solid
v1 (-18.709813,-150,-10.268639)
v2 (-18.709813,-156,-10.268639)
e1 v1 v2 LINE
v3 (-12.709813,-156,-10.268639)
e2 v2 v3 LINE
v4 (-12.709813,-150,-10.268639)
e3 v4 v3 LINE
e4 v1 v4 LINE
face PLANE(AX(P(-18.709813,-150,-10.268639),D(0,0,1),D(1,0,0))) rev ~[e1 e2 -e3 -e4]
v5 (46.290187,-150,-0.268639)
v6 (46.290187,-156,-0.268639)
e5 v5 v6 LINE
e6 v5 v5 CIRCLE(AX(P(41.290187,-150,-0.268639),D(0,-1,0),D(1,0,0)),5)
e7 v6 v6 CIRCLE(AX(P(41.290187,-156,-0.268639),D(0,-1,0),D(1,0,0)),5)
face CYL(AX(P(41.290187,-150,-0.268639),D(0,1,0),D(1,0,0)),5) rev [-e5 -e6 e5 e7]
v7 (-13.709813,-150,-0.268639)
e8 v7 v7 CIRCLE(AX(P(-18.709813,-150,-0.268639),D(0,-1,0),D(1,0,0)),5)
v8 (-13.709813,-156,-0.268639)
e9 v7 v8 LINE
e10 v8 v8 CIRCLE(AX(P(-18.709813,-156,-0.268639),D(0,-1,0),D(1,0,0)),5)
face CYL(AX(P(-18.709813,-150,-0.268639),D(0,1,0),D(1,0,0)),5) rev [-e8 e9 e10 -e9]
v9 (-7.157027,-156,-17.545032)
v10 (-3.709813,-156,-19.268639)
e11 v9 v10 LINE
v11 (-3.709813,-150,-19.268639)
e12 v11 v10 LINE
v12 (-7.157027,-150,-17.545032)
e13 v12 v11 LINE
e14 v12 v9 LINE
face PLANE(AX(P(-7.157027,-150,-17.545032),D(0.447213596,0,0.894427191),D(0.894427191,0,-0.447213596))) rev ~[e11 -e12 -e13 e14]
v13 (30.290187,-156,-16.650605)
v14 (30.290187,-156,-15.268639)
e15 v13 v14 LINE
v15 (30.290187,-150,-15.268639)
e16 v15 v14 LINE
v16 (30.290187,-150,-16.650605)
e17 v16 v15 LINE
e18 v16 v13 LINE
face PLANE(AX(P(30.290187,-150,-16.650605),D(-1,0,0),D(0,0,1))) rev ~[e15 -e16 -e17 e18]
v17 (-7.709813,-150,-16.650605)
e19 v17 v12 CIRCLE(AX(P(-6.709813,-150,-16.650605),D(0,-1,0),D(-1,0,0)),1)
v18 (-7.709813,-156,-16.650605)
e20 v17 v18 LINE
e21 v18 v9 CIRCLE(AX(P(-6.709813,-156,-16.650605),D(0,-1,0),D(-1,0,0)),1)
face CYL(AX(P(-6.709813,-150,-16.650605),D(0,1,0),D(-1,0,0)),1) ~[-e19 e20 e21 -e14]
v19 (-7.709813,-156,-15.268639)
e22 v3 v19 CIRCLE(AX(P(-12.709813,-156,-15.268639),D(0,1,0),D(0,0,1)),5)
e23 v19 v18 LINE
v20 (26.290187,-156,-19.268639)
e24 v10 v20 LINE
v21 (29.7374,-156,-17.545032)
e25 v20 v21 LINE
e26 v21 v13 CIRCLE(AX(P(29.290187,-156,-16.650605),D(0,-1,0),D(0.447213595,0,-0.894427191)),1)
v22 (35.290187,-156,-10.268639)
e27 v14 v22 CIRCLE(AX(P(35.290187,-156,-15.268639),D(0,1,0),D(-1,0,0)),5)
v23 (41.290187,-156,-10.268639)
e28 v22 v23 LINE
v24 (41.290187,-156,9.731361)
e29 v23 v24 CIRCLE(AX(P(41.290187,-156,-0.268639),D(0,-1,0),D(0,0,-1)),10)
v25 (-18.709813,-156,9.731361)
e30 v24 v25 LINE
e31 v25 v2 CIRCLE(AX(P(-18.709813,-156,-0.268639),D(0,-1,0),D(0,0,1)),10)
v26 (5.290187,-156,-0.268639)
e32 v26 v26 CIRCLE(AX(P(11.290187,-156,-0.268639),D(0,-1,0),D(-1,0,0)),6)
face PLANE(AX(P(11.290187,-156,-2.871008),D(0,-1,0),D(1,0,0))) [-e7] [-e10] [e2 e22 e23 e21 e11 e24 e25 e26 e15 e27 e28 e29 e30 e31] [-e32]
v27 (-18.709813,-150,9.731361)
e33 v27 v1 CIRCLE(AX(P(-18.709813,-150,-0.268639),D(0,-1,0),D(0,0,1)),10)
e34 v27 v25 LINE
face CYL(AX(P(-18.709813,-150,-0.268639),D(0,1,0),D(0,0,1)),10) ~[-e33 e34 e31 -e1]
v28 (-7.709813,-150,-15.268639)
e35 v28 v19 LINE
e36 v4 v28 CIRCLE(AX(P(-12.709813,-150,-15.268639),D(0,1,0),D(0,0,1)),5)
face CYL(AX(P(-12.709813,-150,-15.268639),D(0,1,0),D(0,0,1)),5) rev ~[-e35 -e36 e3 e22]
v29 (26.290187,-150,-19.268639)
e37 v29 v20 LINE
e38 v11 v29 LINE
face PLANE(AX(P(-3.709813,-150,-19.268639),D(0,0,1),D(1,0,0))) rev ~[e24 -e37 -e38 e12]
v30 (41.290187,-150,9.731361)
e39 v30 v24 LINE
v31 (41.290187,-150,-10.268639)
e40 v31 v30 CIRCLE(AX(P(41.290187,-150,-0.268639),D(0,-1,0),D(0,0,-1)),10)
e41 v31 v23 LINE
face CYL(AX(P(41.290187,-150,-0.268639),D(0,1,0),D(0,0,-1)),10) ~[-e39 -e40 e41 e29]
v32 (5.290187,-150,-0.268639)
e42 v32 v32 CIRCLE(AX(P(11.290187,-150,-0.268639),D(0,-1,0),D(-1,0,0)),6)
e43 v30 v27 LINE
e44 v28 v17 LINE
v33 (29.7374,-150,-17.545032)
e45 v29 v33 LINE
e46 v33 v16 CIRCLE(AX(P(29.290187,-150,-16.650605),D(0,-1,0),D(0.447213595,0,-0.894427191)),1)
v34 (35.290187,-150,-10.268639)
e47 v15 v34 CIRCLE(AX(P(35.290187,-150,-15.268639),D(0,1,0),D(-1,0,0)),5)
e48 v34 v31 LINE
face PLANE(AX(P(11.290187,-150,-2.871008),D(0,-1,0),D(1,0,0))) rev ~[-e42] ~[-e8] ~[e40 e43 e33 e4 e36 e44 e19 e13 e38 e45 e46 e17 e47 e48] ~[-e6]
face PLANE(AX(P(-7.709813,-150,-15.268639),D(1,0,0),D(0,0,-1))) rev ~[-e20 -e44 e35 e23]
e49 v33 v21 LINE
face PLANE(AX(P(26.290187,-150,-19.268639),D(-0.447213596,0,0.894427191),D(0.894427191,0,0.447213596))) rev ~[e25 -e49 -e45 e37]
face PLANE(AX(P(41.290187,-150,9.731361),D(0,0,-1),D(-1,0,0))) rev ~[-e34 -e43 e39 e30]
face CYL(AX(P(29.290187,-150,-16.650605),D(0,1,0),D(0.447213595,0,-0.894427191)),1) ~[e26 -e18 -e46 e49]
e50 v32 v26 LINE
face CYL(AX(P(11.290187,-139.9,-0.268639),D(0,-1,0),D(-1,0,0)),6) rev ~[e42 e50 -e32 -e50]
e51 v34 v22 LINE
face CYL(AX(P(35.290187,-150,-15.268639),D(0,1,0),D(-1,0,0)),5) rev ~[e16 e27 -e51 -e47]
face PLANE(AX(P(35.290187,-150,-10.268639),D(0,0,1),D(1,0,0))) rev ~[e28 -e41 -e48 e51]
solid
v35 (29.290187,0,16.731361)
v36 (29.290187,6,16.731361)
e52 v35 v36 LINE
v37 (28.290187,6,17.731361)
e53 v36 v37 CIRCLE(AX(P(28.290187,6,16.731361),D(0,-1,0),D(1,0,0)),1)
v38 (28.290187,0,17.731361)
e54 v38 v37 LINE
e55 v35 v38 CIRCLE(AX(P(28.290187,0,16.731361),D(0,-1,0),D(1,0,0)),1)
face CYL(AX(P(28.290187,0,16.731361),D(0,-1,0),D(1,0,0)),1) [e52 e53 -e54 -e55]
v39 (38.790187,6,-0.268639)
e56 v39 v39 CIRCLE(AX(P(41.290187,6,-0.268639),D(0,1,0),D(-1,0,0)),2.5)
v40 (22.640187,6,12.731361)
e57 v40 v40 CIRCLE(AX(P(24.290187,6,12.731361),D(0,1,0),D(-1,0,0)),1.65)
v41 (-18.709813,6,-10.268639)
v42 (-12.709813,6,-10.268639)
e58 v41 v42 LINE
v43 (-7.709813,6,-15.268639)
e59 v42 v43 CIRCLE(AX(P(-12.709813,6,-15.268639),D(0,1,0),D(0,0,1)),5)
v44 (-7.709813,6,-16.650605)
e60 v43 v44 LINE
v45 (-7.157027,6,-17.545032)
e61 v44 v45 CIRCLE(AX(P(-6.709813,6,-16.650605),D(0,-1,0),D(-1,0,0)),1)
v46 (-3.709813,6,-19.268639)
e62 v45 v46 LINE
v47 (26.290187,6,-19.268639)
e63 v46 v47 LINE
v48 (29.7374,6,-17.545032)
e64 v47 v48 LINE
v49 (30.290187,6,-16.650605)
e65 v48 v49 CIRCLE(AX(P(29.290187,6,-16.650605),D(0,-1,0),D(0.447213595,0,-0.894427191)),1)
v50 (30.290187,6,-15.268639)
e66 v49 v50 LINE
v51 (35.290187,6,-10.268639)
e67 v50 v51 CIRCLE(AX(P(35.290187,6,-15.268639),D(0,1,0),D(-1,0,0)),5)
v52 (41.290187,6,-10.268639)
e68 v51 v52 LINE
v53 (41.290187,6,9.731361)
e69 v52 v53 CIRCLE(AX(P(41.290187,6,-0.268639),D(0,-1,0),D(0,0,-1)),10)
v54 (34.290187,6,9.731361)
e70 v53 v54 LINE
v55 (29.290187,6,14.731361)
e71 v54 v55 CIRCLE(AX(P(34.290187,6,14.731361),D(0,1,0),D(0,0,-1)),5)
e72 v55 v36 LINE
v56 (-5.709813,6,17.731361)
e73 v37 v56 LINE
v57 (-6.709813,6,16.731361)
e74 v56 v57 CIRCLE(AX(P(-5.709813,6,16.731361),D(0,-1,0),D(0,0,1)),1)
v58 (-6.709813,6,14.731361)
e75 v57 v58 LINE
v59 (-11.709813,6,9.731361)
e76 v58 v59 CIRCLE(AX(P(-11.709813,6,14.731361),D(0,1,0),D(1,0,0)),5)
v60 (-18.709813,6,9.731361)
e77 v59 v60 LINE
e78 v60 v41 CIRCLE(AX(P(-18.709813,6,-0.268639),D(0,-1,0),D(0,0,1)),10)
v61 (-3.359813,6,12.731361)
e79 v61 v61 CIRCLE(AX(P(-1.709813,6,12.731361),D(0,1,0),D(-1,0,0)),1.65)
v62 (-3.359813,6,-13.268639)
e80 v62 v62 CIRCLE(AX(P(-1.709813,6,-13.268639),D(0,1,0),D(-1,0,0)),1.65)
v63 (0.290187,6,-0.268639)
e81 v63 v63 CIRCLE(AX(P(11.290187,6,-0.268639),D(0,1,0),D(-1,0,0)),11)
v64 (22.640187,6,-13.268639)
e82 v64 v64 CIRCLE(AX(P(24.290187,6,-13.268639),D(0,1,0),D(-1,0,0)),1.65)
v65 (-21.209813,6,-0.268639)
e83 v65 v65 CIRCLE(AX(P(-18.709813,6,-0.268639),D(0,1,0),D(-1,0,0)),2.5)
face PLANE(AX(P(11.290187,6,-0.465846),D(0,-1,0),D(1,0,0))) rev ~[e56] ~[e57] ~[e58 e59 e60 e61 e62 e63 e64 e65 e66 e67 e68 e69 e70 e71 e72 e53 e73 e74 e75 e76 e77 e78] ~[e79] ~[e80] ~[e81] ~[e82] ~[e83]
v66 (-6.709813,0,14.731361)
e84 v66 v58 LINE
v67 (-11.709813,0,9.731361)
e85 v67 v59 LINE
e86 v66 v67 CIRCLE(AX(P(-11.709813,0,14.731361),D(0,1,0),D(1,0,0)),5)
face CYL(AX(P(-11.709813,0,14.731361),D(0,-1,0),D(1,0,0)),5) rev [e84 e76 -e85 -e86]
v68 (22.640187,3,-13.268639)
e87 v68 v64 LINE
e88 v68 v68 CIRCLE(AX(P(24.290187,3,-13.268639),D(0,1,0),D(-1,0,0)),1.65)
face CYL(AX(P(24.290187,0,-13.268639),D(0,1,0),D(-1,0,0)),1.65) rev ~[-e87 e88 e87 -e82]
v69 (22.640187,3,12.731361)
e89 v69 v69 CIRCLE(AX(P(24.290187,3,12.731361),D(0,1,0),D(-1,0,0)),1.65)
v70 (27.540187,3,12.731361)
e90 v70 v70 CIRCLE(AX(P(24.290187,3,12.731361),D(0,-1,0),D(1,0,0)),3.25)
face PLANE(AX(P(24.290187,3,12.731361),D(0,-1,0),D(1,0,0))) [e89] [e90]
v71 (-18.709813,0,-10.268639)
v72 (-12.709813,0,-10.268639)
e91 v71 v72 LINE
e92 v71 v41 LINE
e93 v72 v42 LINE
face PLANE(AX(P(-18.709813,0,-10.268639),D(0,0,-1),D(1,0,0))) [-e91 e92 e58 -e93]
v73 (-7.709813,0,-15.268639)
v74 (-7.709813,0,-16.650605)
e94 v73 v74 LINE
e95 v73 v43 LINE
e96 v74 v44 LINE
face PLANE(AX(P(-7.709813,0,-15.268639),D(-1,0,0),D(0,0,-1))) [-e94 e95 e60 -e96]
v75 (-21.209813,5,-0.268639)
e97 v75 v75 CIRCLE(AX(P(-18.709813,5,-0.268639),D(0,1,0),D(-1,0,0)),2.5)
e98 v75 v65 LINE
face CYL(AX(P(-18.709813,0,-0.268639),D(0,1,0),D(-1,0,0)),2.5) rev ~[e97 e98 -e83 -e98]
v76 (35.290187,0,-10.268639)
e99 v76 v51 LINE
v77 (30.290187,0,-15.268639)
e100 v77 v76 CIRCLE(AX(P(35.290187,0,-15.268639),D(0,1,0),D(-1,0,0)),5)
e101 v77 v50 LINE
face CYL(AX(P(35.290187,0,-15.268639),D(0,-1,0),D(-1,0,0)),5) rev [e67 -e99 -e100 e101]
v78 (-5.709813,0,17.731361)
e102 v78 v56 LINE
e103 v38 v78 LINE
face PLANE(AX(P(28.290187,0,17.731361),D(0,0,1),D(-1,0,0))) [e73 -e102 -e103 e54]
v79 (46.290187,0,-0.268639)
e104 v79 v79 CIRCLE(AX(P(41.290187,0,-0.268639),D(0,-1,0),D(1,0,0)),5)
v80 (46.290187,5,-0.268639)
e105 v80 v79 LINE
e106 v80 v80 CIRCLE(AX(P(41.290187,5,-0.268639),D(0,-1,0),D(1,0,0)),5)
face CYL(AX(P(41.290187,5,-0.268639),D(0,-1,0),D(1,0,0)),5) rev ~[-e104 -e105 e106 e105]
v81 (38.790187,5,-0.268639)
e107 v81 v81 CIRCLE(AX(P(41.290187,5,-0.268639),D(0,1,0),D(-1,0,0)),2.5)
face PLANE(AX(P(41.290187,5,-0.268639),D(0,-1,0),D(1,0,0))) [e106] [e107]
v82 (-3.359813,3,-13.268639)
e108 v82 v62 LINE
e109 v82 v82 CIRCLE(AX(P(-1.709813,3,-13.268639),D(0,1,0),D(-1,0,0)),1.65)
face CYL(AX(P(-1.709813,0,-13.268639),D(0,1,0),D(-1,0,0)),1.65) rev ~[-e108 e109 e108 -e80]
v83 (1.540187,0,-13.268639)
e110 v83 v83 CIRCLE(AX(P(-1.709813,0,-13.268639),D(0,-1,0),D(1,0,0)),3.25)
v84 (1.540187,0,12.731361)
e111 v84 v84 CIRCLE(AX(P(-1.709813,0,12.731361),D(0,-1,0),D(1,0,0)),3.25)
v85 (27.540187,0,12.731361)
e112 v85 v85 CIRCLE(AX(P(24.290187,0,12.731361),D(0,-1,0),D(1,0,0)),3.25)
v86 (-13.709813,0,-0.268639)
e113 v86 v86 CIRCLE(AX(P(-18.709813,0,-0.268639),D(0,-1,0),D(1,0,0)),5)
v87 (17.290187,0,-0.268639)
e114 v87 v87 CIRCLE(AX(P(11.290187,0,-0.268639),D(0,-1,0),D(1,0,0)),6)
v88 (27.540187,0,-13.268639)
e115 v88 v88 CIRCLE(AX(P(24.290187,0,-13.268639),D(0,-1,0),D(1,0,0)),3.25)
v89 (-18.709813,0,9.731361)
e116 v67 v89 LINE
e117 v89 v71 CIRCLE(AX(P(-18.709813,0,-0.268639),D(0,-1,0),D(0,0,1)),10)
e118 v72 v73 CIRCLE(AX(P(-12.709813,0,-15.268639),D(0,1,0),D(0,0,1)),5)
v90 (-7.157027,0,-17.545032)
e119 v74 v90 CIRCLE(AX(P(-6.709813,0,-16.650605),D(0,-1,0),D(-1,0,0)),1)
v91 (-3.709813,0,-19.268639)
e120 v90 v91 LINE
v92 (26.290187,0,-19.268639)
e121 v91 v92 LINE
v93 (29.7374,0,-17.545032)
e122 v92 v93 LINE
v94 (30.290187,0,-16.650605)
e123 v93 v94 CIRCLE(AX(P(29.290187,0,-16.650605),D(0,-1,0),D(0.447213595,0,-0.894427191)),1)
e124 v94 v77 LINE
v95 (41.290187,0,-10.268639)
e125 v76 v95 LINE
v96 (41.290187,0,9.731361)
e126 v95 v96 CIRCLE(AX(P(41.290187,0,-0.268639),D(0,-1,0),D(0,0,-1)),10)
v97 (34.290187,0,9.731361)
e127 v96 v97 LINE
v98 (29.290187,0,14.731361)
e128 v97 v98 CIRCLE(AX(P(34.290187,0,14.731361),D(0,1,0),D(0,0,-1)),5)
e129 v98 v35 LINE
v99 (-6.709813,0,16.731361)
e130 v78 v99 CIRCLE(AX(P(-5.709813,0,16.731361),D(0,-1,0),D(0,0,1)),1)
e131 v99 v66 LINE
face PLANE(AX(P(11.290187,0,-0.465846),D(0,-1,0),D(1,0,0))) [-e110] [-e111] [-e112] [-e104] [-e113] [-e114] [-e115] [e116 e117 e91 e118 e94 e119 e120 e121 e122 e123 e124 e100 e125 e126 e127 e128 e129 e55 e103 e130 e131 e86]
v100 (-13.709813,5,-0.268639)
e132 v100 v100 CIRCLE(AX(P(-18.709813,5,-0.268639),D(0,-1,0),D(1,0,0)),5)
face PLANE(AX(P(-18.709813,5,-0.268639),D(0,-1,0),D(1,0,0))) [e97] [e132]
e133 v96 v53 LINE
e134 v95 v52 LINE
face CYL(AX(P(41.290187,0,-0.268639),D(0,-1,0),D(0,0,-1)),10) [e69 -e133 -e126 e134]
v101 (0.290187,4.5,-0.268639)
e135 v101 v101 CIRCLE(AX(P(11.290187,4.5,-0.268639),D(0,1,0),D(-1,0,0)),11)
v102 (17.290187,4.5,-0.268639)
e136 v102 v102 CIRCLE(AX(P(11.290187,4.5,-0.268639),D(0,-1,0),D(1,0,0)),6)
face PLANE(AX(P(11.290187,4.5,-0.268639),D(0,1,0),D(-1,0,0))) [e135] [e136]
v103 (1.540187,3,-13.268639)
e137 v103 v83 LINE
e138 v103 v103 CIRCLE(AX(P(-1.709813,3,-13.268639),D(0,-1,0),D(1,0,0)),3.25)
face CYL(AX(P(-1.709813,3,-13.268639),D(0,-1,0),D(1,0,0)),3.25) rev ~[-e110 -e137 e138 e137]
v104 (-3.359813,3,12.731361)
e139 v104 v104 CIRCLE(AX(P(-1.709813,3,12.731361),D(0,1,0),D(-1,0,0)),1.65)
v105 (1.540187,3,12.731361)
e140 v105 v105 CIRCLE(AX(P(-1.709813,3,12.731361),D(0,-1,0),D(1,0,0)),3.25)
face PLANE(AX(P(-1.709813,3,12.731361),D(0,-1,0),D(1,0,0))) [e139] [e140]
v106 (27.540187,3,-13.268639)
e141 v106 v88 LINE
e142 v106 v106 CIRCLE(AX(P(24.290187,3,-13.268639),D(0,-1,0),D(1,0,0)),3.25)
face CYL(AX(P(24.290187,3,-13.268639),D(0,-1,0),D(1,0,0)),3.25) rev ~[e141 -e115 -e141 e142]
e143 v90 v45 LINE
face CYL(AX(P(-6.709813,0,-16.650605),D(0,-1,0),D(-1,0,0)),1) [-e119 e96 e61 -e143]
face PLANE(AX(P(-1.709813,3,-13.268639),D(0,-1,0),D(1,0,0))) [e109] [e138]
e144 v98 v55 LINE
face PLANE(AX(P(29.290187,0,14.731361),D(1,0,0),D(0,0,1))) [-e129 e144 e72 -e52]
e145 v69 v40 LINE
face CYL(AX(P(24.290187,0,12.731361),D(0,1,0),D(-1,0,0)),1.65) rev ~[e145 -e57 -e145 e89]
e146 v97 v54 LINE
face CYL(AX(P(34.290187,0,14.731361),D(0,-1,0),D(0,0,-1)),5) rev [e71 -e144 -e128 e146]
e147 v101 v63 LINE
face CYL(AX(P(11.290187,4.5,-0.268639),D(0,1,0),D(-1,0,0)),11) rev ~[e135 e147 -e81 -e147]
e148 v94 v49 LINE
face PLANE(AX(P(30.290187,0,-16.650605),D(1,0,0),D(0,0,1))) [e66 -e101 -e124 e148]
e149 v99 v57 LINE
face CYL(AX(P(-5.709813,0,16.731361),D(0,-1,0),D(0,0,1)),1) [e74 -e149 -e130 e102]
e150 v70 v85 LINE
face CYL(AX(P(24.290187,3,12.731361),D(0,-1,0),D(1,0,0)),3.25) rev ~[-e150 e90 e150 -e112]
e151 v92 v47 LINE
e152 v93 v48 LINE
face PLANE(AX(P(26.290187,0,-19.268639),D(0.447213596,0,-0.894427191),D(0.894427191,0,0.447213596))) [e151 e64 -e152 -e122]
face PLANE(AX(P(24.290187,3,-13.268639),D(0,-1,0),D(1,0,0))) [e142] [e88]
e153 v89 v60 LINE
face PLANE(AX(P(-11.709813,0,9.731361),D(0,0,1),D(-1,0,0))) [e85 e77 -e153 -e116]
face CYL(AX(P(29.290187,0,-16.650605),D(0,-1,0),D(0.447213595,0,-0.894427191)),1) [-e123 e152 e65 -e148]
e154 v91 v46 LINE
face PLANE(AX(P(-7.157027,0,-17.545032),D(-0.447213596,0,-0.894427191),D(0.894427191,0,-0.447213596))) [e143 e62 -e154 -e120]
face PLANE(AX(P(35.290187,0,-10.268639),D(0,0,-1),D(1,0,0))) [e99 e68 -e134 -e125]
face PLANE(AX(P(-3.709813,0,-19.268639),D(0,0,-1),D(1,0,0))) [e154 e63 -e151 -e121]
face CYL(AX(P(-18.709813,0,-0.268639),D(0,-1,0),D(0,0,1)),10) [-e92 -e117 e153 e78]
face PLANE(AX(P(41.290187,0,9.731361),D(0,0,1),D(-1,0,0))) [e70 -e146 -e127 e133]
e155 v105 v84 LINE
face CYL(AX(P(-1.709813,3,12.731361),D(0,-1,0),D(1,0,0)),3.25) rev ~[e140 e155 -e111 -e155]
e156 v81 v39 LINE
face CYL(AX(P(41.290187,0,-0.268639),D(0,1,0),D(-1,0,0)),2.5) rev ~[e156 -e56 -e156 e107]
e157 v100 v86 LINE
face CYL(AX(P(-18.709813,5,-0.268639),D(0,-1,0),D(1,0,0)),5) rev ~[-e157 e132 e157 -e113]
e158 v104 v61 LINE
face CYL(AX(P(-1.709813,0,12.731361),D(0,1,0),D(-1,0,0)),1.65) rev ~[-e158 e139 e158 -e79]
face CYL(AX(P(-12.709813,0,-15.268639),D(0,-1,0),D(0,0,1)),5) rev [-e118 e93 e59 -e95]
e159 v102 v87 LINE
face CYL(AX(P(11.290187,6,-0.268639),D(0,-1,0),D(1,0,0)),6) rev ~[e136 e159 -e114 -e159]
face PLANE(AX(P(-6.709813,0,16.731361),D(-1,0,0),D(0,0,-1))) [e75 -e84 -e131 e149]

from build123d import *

# Parameters (mm, degrees)
F0_R           = 5
F1_DEPTH       = 6
F4_D           = 3.3
F4_DEPTH       = 10.1
F4_CBORE_D     = 6.5
F4_CBORE_DEPTH = 3
F4_TIP         = 0.9914200214
F5_D           = 5
F5_DEPTH       = 10.1
F5_CBORE_D     = 10
F5_CBORE_DEPTH = 5
F5_TIP         = 1.5021515476
F3_R           = 5
F6_DEPTH       = 6
F7_D           = 12
F7_DEPTH       = 10.1
F7_TIP         = 3.6051637142
F9_D           = 12
F9_DEPTH       = 10.1
F9_CBORE_D     = 22
F9_CBORE_DEPTH = 1.5
F9_TIP         = 3.6051637142


with BuildPart() as f1:
    # F0 (on Front) → F1 (new body)
    with BuildSketch(Plane.XZ):
        with BuildLine():
            Line((-11.7098134421, 9.7313608133), (-18.7098134421, 9.7313608133))
            ThreePointArc((-18.7098134421, 9.7313608133), (-28.7098134421, -0.2686391867), (-18.7098134421, -10.2686391867))
            Line((-18.7098134421, -10.2686391867), (-12.7098134421, -10.2686391867))
            ThreePointArc((-12.7098134421, -10.2686391867), (-9.1742795361, -11.7331052807), (-7.7098134421, -15.2686391867))
            Line((-7.7098134421, -15.2686391867), (-7.7098134421, -16.6506051979))
            ThreePointArc((-7.7098134421, -16.6506051979), (-7.5604642504, -17.17633631), (-7.1570270376, -17.5450323889))
            Line((-7.1570270376, -17.5450323889), (-3.7098134421, -19.2686391867))
            Line((-3.7098134421, -19.2686391867), (26.2901865579, -19.2686391867))
            Line((26.2901865579, -19.2686391867), (29.7374001534, -17.5450323889))
            ThreePointArc((29.7374001534, -17.5450323889), (30.1408373663, -17.17633631), (30.2901865579, -16.6506051979))
            Line((30.2901865579, -16.6506051979), (30.2901865579, -15.2686391867))
            ThreePointArc((30.2901865579, -15.2686391867), (31.754652652, -11.7331052807), (35.2901865579, -10.2686391867))
            Line((35.2901865579, -10.2686391867), (41.2901865579, -10.2686391867))
            ThreePointArc((41.2901865579, -10.2686391867), (51.2901865579, -0.2686391867), (41.2901865579, 9.7313608133))
            Line((41.2901865579, 9.7313608133), (34.2901865579, 9.7313608133))
            ThreePointArc((34.2901865579, 9.7313608133), (30.754652652, 11.1958269074), (29.2901865579, 14.7313608133))
            Line((29.2901865579, 14.7313608133), (29.2901865579, 16.7313608133))
            ThreePointArc((29.2901865579, 16.7313608133), (28.9972933391, 17.4384675945), (28.2901865579, 17.7313608133))
            Line((28.2901865579, 17.7313608133), (-5.7098134421, 17.7313608133))
            ThreePointArc((-5.7098134421, 17.7313608133), (-6.4169202233, 17.4384675945), (-6.7098134421, 16.7313608133))
            Line((-6.7098134421, 16.7313608133), (-6.7098134421, 14.7313608133))
            ThreePointArc((-6.7098134421, 14.7313608133), (-8.1742795361, 11.1958269074), (-11.7098134421, 9.7313608133))
        make_face()
        with Locations((-18.7098134421, -0.2686391867)):
            Circle(F0_R, mode=Mode.SUBTRACT)
        with Locations((41.2901865579, -0.2686391867)):
            Circle(F0_R, mode=Mode.SUBTRACT)
        with Locations((-18.7098134421, -0.2686391867)):
            Circle(F0_R)
        with Locations((41.2901865579, -0.2686391867)):
            Circle(F0_R)
    extrude(amount=-F1_DEPTH)

    # F4
    with Locations(Plane.XZ):
        with Locations((-1.7098134421, 12.7313608133), (24.2901865579, 12.7313608133), (-1.7098134421, -13.2686391867), (24.2901865579, -13.2686391867)):
            CounterBoreHole(F4_D / 2, F4_CBORE_D / 2, F4_CBORE_DEPTH, depth=F4_DEPTH)
            with Locations((0, 0, -(F4_DEPTH + F4_TIP / 2))):  # 118° drill point
                Cone(0, F4_D / 2, F4_TIP, mode=Mode.SUBTRACT)

    # F5
    with Locations(Plane.XZ):
        with Locations((-18.7098134421, -0.2686391867), (41.2901865579, -0.2686391867)):
            CounterBoreHole(F5_D / 2, F5_CBORE_D / 2, F5_CBORE_DEPTH, depth=F5_DEPTH)
            with Locations((0, 0, -(F5_DEPTH + F5_TIP / 2))):  # 118° drill point
                Cone(0, F5_D / 2, F5_TIP, mode=Mode.SUBTRACT)

    # F9
    with Locations(Plane(origin=(0, 6, 0), x_dir=(-1, 0, 0), z_dir=(0, 1, 0))):
        with Locations((-11.2901865579, -0.2686391867)):
            CounterBoreHole(F9_D / 2, F9_CBORE_D / 2, F9_CBORE_DEPTH, depth=F9_DEPTH)
            with Locations((0, 0, -(F9_DEPTH + F9_TIP / 2))):  # 118° drill point
                Cone(0, F9_D / 2, F9_TIP, mode=Mode.SUBTRACT)


with BuildPart() as f6:
    # F3 (on offset) → F6 (new body)
    with BuildSketch(Plane.XZ.offset(150)):
        with BuildLine():
            Line((-7.1570270376, -17.5450323889), (-3.7098134421, -19.2686391867))
            Line((-3.7098134421, -19.2686391867), (26.2901865579, -19.2686391867))
            Line((26.2901865579, -19.2686391867), (29.7374001534, -17.5450323889))
            ThreePointArc((29.7374001534, -17.5450323889), (30.1408373663, -17.17633631), (30.2901865579, -16.6506051979))
            Line((30.2901865579, -16.6506051979), (30.2901865579, -15.2686391867))
            ThreePointArc((30.2901865579, -15.2686391867), (31.754652652, -11.7331052807), (35.2901865579, -10.2686391867))
            Line((35.2901865579, -10.2686391867), (41.2901865579, -10.2686391867))
            ThreePointArc((41.2901865579, -10.2686391867), (51.2901865579, -0.2686391867), (41.2901865579, 9.7313608133))
            Line((41.2901865579, 9.7313608133), (34.2901865579, 9.7313608133))
            Line((34.2901865579, 9.7313608133), (-11.7098134421, 9.7313608133))
            Line((-11.7098134421, 9.7313608133), (-18.7098134421, 9.7313608133))
            ThreePointArc((-18.7098134421, 9.7313608133), (-28.7098134421, -0.2686391867), (-18.7098134421, -10.2686391867))
            Line((-18.7098134421, -10.2686391867), (-12.7098134421, -10.2686391867))
            ThreePointArc((-12.7098134421, -10.2686391867), (-9.1742795361, -11.7331052807), (-7.7098134421, -15.2686391867))
            Line((-7.7098134421, -15.2686391867), (-7.7098134421, -16.6506051979))
            ThreePointArc((-7.7098134421, -16.6506051979), (-7.5604642504, -17.17633631), (-7.1570270376, -17.5450323889))
        make_face()
        with Locations((-18.7098134421, -0.2686391867)):
            Circle(F3_R, mode=Mode.SUBTRACT)
        with Locations((41.2901865579, -0.2686391867)):
            Circle(F3_R, mode=Mode.SUBTRACT)
    extrude(amount=F6_DEPTH)

    # F7
    with Locations(Plane(origin=(0, -150, 0), x_dir=(1, 0, 0), z_dir=(0, 1, 0))):
        with Locations((11.2901865579, 0.2686391867)):
            Hole(F7_D / 2, depth=F7_DEPTH)
            with Locations((0, 0, -(F7_DEPTH + F7_TIP / 2))):  # 118° drill point
                Cone(0, F7_D / 2, F7_TIP, mode=Mode.SUBTRACT)


solid = Compound([f1.part, f6.part])
